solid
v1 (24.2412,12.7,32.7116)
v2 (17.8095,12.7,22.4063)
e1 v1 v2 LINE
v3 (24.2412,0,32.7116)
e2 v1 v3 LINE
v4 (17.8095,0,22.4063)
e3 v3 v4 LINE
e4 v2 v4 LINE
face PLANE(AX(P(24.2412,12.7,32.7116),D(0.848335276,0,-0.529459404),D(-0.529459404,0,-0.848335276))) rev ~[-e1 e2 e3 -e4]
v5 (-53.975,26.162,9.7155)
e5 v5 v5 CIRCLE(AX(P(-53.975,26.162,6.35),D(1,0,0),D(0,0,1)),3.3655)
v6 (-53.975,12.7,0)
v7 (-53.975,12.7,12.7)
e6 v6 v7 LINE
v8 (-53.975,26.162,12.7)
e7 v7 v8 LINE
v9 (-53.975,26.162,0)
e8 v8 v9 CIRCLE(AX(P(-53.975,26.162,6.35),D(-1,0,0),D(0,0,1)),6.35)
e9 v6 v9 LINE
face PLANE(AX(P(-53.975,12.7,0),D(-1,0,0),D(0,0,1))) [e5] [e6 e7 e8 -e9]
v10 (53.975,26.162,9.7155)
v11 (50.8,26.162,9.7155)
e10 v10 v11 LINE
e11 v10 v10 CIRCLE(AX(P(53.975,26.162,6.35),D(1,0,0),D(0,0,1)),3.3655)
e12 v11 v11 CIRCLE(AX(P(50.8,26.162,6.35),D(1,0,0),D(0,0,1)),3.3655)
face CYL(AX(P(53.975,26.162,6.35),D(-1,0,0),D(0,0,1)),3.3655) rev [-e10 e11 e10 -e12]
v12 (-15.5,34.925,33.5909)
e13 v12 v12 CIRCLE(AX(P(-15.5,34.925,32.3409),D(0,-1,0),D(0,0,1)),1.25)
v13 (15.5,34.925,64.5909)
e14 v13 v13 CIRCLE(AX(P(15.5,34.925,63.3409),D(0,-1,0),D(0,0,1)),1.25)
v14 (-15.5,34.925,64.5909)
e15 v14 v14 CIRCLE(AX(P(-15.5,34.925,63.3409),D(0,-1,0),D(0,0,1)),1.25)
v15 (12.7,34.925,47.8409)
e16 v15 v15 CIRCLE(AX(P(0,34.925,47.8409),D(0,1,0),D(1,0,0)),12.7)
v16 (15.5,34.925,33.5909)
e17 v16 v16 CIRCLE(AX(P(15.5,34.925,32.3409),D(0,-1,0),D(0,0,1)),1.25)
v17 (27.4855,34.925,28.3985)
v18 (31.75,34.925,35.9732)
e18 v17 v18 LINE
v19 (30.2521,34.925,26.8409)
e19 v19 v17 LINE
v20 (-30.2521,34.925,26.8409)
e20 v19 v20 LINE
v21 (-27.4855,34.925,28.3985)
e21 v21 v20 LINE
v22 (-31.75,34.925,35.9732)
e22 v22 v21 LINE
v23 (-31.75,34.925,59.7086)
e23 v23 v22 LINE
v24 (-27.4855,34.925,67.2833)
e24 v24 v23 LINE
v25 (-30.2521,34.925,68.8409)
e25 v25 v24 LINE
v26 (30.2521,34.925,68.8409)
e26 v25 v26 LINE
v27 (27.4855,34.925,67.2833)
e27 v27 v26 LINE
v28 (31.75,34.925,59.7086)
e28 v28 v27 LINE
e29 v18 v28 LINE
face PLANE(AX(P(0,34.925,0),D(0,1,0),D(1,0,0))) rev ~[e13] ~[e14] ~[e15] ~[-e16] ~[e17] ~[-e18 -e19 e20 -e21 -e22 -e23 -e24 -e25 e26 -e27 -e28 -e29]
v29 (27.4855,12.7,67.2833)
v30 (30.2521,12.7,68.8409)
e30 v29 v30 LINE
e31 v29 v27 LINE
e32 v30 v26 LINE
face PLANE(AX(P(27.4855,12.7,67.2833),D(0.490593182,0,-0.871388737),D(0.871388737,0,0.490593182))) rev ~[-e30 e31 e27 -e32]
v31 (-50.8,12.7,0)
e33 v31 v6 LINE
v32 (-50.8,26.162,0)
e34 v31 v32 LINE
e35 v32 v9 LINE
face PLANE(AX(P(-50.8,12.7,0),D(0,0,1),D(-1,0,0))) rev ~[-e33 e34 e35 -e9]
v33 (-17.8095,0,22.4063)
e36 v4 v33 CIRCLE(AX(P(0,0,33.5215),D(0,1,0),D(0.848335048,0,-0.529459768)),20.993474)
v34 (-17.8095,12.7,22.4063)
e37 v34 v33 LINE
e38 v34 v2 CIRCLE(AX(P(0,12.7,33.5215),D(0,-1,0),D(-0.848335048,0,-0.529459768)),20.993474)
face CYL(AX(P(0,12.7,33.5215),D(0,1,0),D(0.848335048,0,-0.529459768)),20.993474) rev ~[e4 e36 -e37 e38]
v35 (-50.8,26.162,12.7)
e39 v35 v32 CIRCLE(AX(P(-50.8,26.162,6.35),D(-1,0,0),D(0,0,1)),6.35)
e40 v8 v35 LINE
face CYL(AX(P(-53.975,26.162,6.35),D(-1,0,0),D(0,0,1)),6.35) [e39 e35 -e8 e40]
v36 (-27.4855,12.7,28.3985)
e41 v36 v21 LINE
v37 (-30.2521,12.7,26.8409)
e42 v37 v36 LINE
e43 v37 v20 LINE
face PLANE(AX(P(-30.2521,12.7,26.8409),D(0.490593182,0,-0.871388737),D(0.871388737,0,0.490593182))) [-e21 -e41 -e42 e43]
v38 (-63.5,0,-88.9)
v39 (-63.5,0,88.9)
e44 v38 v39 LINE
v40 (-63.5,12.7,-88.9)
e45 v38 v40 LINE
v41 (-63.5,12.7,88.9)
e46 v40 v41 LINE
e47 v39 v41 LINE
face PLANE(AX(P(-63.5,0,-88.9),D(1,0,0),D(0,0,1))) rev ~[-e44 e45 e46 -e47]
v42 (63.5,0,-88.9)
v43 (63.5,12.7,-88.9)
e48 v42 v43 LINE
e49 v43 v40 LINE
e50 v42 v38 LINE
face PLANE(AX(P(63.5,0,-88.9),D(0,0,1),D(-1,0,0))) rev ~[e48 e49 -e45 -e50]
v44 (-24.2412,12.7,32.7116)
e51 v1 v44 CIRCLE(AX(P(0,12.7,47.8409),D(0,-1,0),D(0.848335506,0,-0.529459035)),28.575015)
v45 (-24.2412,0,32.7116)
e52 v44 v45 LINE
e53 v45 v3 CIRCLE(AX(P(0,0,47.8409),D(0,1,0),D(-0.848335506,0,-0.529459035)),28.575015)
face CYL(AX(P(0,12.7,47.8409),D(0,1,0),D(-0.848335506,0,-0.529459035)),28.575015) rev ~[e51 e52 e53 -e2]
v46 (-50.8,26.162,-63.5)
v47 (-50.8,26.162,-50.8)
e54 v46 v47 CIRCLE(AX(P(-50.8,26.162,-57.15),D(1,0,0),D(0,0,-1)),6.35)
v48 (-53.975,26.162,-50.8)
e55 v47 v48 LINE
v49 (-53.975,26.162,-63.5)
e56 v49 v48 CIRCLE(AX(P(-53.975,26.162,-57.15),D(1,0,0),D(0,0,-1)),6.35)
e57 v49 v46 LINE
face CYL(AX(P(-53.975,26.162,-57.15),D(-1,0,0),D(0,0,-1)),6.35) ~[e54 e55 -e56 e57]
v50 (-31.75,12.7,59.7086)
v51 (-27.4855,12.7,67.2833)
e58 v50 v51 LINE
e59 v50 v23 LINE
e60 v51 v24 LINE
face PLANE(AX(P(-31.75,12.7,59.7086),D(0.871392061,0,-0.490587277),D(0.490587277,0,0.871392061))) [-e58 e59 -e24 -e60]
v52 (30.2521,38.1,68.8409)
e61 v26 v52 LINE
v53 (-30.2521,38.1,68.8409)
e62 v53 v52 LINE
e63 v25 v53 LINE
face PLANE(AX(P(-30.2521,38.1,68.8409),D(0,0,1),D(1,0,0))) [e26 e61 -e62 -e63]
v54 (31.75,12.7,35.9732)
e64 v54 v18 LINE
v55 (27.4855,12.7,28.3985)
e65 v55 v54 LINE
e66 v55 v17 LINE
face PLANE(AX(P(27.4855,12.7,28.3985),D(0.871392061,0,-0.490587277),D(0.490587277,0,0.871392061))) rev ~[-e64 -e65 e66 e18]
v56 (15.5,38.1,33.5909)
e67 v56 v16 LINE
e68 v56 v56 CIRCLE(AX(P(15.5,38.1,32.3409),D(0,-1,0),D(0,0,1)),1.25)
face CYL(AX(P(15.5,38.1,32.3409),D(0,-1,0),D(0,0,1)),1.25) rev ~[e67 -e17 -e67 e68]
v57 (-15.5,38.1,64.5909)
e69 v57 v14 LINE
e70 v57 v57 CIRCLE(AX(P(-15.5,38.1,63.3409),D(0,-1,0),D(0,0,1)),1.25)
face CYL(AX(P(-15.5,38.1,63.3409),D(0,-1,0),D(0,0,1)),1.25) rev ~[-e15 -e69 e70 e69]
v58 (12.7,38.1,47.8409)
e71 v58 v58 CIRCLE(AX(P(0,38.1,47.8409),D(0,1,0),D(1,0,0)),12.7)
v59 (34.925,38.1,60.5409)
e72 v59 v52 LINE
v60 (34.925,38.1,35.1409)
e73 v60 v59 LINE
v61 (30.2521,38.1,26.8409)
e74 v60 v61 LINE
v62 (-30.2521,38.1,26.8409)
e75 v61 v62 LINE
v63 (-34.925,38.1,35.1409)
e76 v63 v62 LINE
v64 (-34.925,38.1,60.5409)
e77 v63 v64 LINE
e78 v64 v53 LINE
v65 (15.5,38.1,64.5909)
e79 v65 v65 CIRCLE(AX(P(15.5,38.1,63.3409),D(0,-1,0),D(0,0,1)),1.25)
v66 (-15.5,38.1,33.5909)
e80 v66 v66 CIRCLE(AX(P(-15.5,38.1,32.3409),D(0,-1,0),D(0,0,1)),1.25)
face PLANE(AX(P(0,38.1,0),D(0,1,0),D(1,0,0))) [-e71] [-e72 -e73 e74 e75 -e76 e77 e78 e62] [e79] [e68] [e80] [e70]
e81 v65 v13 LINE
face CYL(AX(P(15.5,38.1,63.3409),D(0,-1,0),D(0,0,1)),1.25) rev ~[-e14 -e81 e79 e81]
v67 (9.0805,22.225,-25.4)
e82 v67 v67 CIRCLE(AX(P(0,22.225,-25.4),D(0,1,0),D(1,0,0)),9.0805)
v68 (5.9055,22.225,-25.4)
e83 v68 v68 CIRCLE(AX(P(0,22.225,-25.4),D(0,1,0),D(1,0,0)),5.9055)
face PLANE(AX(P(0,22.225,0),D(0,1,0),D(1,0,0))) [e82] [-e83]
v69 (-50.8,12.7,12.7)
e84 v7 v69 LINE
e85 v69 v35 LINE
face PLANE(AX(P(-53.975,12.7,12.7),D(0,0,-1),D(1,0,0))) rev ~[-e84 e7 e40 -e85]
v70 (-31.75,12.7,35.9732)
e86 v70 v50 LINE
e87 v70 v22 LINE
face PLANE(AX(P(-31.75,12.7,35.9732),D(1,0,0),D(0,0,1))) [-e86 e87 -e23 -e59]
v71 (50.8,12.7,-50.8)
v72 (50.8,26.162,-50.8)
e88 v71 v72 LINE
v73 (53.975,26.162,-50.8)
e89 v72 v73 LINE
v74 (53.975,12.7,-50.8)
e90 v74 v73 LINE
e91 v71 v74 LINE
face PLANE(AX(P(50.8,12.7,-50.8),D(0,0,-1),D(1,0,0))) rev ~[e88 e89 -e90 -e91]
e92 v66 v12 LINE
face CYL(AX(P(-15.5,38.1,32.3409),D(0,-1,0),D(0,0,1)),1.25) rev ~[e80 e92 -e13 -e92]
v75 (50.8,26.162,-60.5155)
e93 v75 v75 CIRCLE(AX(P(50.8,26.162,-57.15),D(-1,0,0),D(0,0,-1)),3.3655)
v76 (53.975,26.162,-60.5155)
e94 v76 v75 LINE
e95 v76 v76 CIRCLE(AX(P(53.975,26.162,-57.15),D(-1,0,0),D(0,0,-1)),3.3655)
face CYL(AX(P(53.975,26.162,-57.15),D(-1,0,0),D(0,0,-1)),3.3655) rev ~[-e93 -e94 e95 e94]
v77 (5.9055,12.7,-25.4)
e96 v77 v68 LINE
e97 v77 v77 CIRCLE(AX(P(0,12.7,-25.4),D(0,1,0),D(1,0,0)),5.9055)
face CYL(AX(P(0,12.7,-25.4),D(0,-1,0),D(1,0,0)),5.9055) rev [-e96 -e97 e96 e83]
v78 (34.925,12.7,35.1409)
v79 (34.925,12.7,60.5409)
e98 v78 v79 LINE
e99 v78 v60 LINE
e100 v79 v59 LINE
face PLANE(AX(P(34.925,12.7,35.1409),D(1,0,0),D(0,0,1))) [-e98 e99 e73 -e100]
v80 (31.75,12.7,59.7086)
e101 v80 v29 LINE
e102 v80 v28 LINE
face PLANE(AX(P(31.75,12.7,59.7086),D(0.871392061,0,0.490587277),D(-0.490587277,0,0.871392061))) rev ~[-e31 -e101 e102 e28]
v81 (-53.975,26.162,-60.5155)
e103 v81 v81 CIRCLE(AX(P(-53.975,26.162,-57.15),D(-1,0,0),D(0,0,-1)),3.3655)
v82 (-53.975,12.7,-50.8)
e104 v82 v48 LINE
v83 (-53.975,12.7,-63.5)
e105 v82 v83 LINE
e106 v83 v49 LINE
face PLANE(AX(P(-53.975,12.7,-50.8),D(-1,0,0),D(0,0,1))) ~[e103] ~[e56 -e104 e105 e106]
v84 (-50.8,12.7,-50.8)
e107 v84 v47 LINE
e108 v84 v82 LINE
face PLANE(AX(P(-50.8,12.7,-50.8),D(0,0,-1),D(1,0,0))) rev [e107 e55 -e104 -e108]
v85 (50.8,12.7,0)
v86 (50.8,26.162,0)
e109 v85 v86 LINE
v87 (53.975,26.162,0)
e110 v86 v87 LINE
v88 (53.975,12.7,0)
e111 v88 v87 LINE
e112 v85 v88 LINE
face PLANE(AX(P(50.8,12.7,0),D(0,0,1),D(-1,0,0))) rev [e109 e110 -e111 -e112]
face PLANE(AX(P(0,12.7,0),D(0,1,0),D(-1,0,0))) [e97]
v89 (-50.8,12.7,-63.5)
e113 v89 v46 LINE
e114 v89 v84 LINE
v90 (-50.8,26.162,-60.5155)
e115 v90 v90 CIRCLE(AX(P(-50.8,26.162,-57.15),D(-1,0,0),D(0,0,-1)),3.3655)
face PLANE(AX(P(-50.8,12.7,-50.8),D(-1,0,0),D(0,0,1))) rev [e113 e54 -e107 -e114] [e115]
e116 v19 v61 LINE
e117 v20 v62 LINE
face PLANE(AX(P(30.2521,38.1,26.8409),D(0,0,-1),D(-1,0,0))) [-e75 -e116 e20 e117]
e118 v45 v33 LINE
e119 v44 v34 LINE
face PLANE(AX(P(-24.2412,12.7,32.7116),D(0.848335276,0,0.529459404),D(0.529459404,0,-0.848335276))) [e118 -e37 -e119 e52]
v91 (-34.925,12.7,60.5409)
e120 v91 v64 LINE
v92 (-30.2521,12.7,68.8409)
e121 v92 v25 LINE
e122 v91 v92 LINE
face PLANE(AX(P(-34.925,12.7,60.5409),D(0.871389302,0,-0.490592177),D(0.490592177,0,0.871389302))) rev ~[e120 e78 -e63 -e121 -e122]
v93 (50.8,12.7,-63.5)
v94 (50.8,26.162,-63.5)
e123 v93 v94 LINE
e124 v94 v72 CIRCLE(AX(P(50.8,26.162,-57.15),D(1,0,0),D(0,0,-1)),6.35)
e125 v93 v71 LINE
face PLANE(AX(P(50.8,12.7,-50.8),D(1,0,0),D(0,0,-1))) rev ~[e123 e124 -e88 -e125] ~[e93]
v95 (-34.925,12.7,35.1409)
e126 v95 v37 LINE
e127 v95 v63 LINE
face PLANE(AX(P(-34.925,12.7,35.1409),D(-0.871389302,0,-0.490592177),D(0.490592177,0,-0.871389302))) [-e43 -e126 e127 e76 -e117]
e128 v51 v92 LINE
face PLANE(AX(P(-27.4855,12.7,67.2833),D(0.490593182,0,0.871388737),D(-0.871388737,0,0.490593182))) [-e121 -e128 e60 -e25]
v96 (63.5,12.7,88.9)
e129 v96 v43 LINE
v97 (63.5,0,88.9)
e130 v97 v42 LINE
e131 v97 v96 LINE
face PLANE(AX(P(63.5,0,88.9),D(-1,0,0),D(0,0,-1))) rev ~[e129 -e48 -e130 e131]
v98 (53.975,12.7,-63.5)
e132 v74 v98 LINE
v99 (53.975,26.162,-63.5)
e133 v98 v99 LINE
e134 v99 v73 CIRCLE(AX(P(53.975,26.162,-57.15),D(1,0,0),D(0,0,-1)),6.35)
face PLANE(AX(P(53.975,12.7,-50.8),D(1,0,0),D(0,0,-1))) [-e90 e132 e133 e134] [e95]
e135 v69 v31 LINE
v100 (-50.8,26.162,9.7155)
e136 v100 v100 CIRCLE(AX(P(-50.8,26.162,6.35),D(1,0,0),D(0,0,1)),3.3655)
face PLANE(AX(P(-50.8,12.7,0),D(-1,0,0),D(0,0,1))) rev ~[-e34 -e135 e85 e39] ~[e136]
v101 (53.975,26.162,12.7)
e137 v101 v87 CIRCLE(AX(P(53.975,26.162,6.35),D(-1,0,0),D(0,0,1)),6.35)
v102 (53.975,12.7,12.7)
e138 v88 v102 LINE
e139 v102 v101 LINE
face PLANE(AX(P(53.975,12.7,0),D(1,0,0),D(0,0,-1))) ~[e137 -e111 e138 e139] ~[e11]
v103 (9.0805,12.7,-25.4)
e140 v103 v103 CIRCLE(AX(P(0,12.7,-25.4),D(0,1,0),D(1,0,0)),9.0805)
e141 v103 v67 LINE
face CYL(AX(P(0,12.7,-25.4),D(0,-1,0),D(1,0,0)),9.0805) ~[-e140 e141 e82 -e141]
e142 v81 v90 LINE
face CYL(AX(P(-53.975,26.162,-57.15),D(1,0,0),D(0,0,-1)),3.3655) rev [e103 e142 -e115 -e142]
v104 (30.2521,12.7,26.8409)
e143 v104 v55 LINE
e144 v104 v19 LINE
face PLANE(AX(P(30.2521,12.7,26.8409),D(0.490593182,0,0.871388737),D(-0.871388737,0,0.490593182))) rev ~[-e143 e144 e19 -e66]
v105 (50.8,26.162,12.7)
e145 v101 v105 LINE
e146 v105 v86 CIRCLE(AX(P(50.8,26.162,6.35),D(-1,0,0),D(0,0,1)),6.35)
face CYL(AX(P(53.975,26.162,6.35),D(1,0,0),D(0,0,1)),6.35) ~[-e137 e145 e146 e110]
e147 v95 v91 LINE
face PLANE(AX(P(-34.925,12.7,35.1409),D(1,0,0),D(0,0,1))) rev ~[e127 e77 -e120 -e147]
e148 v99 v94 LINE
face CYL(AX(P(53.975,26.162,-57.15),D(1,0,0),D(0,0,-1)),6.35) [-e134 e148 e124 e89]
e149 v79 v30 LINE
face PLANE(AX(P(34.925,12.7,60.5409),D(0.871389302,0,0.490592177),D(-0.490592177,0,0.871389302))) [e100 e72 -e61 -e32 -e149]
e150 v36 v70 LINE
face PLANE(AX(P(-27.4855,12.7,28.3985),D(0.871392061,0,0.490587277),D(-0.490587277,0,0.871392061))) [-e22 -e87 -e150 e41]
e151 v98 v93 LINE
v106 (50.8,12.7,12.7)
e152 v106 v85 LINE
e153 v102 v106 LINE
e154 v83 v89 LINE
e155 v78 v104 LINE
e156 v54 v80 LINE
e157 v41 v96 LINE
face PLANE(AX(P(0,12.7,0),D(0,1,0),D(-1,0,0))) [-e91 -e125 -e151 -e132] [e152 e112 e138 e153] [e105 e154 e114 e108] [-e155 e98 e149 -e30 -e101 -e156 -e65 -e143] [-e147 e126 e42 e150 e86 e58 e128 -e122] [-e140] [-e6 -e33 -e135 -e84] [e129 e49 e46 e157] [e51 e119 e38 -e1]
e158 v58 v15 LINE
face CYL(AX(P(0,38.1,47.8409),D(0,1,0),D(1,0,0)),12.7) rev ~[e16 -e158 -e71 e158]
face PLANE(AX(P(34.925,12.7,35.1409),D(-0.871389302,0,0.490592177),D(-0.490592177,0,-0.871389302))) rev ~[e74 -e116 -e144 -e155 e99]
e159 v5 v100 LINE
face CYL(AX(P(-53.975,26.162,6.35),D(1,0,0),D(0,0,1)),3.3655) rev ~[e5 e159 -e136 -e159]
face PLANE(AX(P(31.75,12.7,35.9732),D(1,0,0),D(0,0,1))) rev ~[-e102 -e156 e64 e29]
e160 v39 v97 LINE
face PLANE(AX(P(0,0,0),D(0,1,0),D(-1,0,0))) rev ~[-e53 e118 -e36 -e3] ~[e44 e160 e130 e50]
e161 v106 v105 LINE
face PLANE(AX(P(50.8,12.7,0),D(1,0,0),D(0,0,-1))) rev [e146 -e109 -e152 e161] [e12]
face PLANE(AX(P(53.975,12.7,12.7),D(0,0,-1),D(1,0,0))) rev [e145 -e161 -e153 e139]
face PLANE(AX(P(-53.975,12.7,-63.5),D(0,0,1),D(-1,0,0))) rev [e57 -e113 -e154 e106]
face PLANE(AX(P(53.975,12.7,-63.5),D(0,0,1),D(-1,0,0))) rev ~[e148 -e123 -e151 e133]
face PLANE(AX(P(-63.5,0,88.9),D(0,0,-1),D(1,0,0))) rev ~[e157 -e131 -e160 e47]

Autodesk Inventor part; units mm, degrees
ref_plane "YZ Plane" through (0, 0, 0) normal (1, 0, 0) x (0, 1, 0)
ref_plane "XZ Plane" through (0, 0, 0) normal (0, 1, 0) x (-1, 0, 0)
ref_plane "XY Plane" through (0, 0, 0) normal (0, 0, 1) x (1, 0, 0)
sketch "Sketch1" plane through (0, 0, 0) normal (0, 1, 0) x (-1, 0, 0)
  line L0 (63.5, 88.9) -> (-63.5, 88.9)
  line L1 (-63.5, 88.9) -> (-63.5, -88.9)
  line L2 (-63.5, -88.9) -> (63.5, -88.9)
  line L3 (63.5, -88.9) -> (63.5, 88.9)
  line L4 (63.5, 88.9) -> (-63.5, -88.9) construction
  line L5 (-63.5, 88.9) -> (63.5, -88.9) construction
  point P0 (0, 0)
  dimension "d0" = 127
  dimension "d1" = 177.8
extrude "Extrusion1" add sketch "Sketch1" along normal blind 12.7
sketch "Sketch2" plane through (0, 12.7, 0) normal (0, 1, 0) x (1, 0, 0)
  circle A0 centre (0, 25.4) radius 51.0159
  line L0 (-63.5, 88.9) -> (-63.5, -88.9) projected
  line L1 (63.5, 88.9) -> (-63.5, 88.9) projected
  point P0 (0, 0)
  dimension "d4" = 102.0318
  dimension "d5" = 63.5
  dimension "d6" = 63.5
sketch "Sketch3" plane through (0, 12.7, 0) normal (0, 1, 0) x (1, 0, 0)
  arc A0 (-24.2412, -32.7116) -> (24.2412, -32.7116) centre (0, -47.8409) ccw
  line L0 (-24.2412, -32.7116) -> (-17.8095, -22.4063)
  line L1 (0, 124.46) -> (0, -124.46) projected
  line L2 (24.2412, -32.7116) -> (17.8095, -22.4063)
  arc A1 (17.8095, -22.4063) -> (-17.8095, -22.4063) centre (0, -33.5215) ccw
  circle A2 centre (0, -47.8409) radius 22.225 construction
  circle A3 centre (0, 25.4) radius 51.0159 projected
  point P0 (0, 0)
  dimension "d13" = 57.15
  dimension "d14" = 70
  dimension "d58" = 44.45
extrude "Extrusion3" cut sketch "Sketch3" against normal through all contours L0 A3 L1 A0 | L1 A3 L2 A0 | A1 L1 A3 | L1 A1 A3 picked at (-3.4245, -21.2764) picked at (3.4245, -21.2764)
sketch "Sketch5" plane through (0, 12.7, 0) normal (0, 1, 0) x (1, 0, 0)
  line L0 (-34.925, -35.1409) -> (-30.2521, -26.8409)
  line L1 (-30.2521, -26.8409) -> (-27.4855, -28.3985)
  line L2 (-27.4855, -28.3985) -> (-31.75, -35.9732)
  line L3 (-31.75, -35.9732) -> (-31.75, -59.7086)
  line L4 (-31.75, -59.7086) -> (-27.4855, -67.2833)
  line L5 (-27.4855, -67.2833) -> (-30.2521, -68.8409)
  line L6 (-34.925, -35.1409) -> (-34.925, -60.5409)
  line L7 (-34.925, -60.5409) -> (-30.2521, -68.8409)
  arc A0 (-24.2412, -32.7116) -> (24.2412, -32.7116) centre (0, -47.8409) ccw projected
  arc A1 (-24.2412, -32.7116) -> (24.2412, -32.7116) centre (0, -47.8409) ccw construction
  line L8 (-28.575, -47.8409) -> (28.575, -47.8409) construction
  line L9 (0, 124.46) -> (0, -124.46) construction
  line L10 (34.925, -35.1409) -> (30.2521, -26.8409)
  line L11 (30.2521, -26.8409) -> (27.4855, -28.3985)
  line L12 (27.4855, -28.3985) -> (31.75, -35.9732)
  line L13 (31.75, -35.9732) -> (31.75, -59.7086)
  line L14 (31.75, -59.7086) -> (27.4855, -67.2833)
  line L15 (27.4855, -67.2833) -> (30.2521, -68.8409)
  line L16 (34.925, -35.1409) -> (34.925, -60.5409)
  line L17 (34.925, -60.5409) -> (30.2521, -68.8409)
  point P0 (0, 0)
  point P1 (-31.75, -47.8409)
  point P2 (31.75, -47.8409)
  dimension "d16" = 3.175
  dimension "d17" = 3.175
  dimension "d18" = 3.175
  dimension "d19" = 42
  dimension "d20" = 25.4
  dimension "d21" = 9.525
  dimension "d22" = 63.5
extrude "Extrusion4" add sketch "Sketch5" along normal blind 25.4
sketch "Sketch6" plane through (0, 38.1, 0) normal (0, 1, 0) x (1, 0, 0)
  line L0 (-30.2521, -68.8409) -> (-27.4855, -67.2833) projected
  line L1 (27.4855, -67.2833) -> (30.2521, -68.8409) projected
  line L2 (31.75, -59.7086) -> (27.4855, -67.2833) projected
  line L3 (31.75, -35.9732) -> (31.75, -59.7086) projected
  line L4 (27.4855, -28.3985) -> (31.75, -35.9732) projected
  line L5 (30.2521, -26.8409) -> (27.4855, -28.3985) projected
  line L6 (-27.4855, -28.3985) -> (-30.2521, -26.8409) projected
  line L7 (-31.75, -35.9732) -> (-27.4855, -28.3985) projected
  line L8 (-31.75, -59.7086) -> (-31.75, -35.9732) projected
  line L9 (-27.4855, -67.2833) -> (-31.75, -59.7086) projected
  line L10 (-30.2521, -68.8409) -> (30.2521, -68.8409)
  line L11 (30.2521, -26.8409) -> (-30.2521, -26.8409)
  point P0 (0, 0)
extrude "Extrusion5" add sketch "Sketch6" against normal blind 3.175
sketch "Sketch7" plane through (0, 38.1, 0) normal (0, 1, 0) x (1, 0, 0)
  arc A0 (-24.2412, -32.7116) -> (24.2412, -32.7116) centre (0, -47.8409) ccw projected
  line L0 (21, -68.8409) -> (-21, -68.8409) construction
  line L1 (-21, -68.8409) -> (-21, -26.8409) construction
  line L2 (-21, -26.8409) -> (21, -26.8409) construction
  line L3 (21, -26.8409) -> (21, -68.8409) construction
  line L4 (21, -68.8409) -> (-21, -26.8409) construction
  line L5 (-21, -68.8409) -> (21, -26.8409) construction
  line L6 (15.5, -63.3409) -> (-15.5, -63.3409) construction
  line L7 (-15.5, -63.3409) -> (-15.5, -32.3409) construction
  line L8 (-15.5, -32.3409) -> (15.5, -32.3409) construction
  line L9 (15.5, -32.3409) -> (15.5, -63.3409) construction
  line L10 (15.5, -63.3409) -> (-15.5, -32.3409) construction
  line L11 (-15.5, -63.3409) -> (15.5, -32.3409) construction
  circle A1 centre (0, -47.8409) radius 12.7
  point P0 (0, 0)
  dimension "d27" = 42
  dimension "d28" = 42
  dimension "d29" = 31
  dimension "d30" = 31
  dimension "d31" = 25.4
extrude "Extrusion6" cut sketch "Sketch7" against normal through all
hole "Hole1" at (-15.5, 38.1, 63.3409) at (15.5, 38.1, 63.3409) at (15.5, 38.1, 32.3409) at (-15.5, 38.1, 32.3409) direction (0, -1, 0) diameter 2.5 depth 3.175 tip angle 118
sketch "Sketch8" plane through (0, 12.7, 0) normal (0, 1, 0) x (1, 0, 0)
  line L0 (-53.975, -12.7) -> (-50.8, -12.7)
  line L1 (-50.8, -12.7) -> (-50.8, 0)
  line L2 (-50.8, 0) -> (-53.975, 0)
  line L3 (-53.975, 0) -> (-53.975, -12.7)
  line L4 (-51.0159, 25.4) -> (51.0159, 25.4) construction
  line L5 (0, -25.6159) -> (0, 76.4159) construction
  point P0 (0, 0)
  point P1 (0, 25.4)
  point P2 (0, 25.4)
  dimension "d41" = 12.7
  dimension "d42" = 3.175
  dimension "d43" = 25.4
  dimension "d44" = 50.8
extrude "Extrusion7" add sketch "Sketch8" along normal blind 13.462
sketch "Sketch9" plane through (-53.975, 12.7, 0) normal (-1, 0, 0) x (0, 0, 1)
  line L0 (12.7, 13.462) -> (0, 13.462) projected
  arc A0 (12.7, 13.462) -> (0, 13.462) centre (6.35, 13.462) ccw
  point P0 (0, -12.7)
extrude "Extrusion8" add sketch "Sketch9" against normal blind 3.175
hole "Hole2" at (-53.975, 26.162, 6.35) direction (1, 0, 0) diameter 6.731 depth 3.175 tip angle 118
ref_plane "Work Plane1" through (-51.0159, 12.7, -25.4) normal (0, 0, 1) x (1, 0, 0)
ref_plane "Work Plane2" through (0, 12.7, 25.6159) normal (1, 0, 0) x (0, 0, -1)
mirror "Mirror1" about plane through (-51.0159, 12.7, -25.4) normal (0, 0, 1) of "Extrusion7", "Extrusion8", "Hole2"
mirror "Mirror2" about plane through (0, 12.7, 25.6159) normal (1, 0, 0) of "Extrusion7", "Extrusion8", "Hole2", "Mirror1"
sketch "Sketch11" plane through (0, 12.7, 0) normal (0, 1, 0) x (1, 0, 0)
  circle A0 centre (0, 25.4) radius 51.0159 projected
  circle A1 centre (0, 25.4) radius 9.0805
  circle A2 centre (0, 25.4) radius 5.9055
  point P0 (0, 0)
  dimension "d59" = 18.161
  dimension "d60" = 3.175
extrude "Extrusion9" add sketch "Sketch11" along normal blind 9.525 contours A1
equation "\"d0\" = base_width"
equation "\"d1\" = base_length"
equation "\"d2\" = base_height"
equation "\"d6\" = d5"
equation "\"d14\" = base_cutout_contact_angle"
equation "\"d58\" = base_cutout_diameter"
equation "\"d16\" = turntable_motor_support_thickness"
equation "\"d17\" = turntable_motor_support_thickness"
equation "\"d18\" = turntable_motor_support_thickness"
equation "\"d22\" = turntable_motor_support_width"
equation "\"d23\" = turntable_motor_support_height"
equation "\"d25\" = turntable_motor_support_thickness"
equation "\"d31\" = turntable_motor_boss"
equation "\"d32\" = turntable_motor_support_thickness"
equation "\"d39\" = turntable_motor_support_thickness"
equation "\"d54\" = turntable_motor_support_thickness"
equation "\"d61\" = turntable_ring_height"
equation "\"base_length\" = 177.8"
equation "\"base_width\" = 127"
equation "\"base_height\" = 12.7"
equation "\"turntable_diameter\" = 101.6"
equation "\"turntable_height\" = 9.525"
equation "\"turntable_spur_width\" = 6.35"
equation "\"spine_diameter\" = 31.75"
equation "\"spine_height\" = 25.4"
equation "\"shoulder_length\" = 50.8"
equation "\"shoulder_width\" = 69.85"
equation "\"shoulder_wall_thickness\" = 4.7625"
equation "\"shoulder_gear_diameter\" = 63.5"
equation "\"shoulder_motor_gear_diameter\" = 25.4"
equation "\"shoulder_gear_shaft_diameter\" = 12.7"
equation "\"shoulder_motor_boss\" = 25.4"
equation "\"turntable_bed_depth\" = 0"
equation "\"base_cutout_diameter\" = 44.45"
equation "\"base_turntable_contact_angle\" = 60deg"
equation "\"base_cutout_contact_angle\" = 70deg"
equation "\"turntable_motor_support_thickness\" = 3.175"
equation "\"turntable_motor_support_height\" = 25.4"
equation "\"turntable_motor_boss\" = 25.4"
equation "\"turntable_motor_support_width\" = 63.5"
equation "\"turntable_retention_shaft_diameter\" = 6.35"
equation "\"turntable_retention_shaft_length\" = 152.4"
equation "\"shoulder_gear_thickness\" = 6.35"
equation "\"arm_distal_length\" = 152.4"
equation "\"arm_proximal_length\" = 203.2"
equation "\"arm_proximal_central_diameter\" = 25.4"
equation "\"arm_proximal_thickness\" = 9.525"
equation "\"arm_proximal_motor_boss\" = 25.4"
equation "\"turntable_ring_height\" = 9.525"
equation "\"turntable_ring_diameter\" = 19.05"
properties part number "base"
